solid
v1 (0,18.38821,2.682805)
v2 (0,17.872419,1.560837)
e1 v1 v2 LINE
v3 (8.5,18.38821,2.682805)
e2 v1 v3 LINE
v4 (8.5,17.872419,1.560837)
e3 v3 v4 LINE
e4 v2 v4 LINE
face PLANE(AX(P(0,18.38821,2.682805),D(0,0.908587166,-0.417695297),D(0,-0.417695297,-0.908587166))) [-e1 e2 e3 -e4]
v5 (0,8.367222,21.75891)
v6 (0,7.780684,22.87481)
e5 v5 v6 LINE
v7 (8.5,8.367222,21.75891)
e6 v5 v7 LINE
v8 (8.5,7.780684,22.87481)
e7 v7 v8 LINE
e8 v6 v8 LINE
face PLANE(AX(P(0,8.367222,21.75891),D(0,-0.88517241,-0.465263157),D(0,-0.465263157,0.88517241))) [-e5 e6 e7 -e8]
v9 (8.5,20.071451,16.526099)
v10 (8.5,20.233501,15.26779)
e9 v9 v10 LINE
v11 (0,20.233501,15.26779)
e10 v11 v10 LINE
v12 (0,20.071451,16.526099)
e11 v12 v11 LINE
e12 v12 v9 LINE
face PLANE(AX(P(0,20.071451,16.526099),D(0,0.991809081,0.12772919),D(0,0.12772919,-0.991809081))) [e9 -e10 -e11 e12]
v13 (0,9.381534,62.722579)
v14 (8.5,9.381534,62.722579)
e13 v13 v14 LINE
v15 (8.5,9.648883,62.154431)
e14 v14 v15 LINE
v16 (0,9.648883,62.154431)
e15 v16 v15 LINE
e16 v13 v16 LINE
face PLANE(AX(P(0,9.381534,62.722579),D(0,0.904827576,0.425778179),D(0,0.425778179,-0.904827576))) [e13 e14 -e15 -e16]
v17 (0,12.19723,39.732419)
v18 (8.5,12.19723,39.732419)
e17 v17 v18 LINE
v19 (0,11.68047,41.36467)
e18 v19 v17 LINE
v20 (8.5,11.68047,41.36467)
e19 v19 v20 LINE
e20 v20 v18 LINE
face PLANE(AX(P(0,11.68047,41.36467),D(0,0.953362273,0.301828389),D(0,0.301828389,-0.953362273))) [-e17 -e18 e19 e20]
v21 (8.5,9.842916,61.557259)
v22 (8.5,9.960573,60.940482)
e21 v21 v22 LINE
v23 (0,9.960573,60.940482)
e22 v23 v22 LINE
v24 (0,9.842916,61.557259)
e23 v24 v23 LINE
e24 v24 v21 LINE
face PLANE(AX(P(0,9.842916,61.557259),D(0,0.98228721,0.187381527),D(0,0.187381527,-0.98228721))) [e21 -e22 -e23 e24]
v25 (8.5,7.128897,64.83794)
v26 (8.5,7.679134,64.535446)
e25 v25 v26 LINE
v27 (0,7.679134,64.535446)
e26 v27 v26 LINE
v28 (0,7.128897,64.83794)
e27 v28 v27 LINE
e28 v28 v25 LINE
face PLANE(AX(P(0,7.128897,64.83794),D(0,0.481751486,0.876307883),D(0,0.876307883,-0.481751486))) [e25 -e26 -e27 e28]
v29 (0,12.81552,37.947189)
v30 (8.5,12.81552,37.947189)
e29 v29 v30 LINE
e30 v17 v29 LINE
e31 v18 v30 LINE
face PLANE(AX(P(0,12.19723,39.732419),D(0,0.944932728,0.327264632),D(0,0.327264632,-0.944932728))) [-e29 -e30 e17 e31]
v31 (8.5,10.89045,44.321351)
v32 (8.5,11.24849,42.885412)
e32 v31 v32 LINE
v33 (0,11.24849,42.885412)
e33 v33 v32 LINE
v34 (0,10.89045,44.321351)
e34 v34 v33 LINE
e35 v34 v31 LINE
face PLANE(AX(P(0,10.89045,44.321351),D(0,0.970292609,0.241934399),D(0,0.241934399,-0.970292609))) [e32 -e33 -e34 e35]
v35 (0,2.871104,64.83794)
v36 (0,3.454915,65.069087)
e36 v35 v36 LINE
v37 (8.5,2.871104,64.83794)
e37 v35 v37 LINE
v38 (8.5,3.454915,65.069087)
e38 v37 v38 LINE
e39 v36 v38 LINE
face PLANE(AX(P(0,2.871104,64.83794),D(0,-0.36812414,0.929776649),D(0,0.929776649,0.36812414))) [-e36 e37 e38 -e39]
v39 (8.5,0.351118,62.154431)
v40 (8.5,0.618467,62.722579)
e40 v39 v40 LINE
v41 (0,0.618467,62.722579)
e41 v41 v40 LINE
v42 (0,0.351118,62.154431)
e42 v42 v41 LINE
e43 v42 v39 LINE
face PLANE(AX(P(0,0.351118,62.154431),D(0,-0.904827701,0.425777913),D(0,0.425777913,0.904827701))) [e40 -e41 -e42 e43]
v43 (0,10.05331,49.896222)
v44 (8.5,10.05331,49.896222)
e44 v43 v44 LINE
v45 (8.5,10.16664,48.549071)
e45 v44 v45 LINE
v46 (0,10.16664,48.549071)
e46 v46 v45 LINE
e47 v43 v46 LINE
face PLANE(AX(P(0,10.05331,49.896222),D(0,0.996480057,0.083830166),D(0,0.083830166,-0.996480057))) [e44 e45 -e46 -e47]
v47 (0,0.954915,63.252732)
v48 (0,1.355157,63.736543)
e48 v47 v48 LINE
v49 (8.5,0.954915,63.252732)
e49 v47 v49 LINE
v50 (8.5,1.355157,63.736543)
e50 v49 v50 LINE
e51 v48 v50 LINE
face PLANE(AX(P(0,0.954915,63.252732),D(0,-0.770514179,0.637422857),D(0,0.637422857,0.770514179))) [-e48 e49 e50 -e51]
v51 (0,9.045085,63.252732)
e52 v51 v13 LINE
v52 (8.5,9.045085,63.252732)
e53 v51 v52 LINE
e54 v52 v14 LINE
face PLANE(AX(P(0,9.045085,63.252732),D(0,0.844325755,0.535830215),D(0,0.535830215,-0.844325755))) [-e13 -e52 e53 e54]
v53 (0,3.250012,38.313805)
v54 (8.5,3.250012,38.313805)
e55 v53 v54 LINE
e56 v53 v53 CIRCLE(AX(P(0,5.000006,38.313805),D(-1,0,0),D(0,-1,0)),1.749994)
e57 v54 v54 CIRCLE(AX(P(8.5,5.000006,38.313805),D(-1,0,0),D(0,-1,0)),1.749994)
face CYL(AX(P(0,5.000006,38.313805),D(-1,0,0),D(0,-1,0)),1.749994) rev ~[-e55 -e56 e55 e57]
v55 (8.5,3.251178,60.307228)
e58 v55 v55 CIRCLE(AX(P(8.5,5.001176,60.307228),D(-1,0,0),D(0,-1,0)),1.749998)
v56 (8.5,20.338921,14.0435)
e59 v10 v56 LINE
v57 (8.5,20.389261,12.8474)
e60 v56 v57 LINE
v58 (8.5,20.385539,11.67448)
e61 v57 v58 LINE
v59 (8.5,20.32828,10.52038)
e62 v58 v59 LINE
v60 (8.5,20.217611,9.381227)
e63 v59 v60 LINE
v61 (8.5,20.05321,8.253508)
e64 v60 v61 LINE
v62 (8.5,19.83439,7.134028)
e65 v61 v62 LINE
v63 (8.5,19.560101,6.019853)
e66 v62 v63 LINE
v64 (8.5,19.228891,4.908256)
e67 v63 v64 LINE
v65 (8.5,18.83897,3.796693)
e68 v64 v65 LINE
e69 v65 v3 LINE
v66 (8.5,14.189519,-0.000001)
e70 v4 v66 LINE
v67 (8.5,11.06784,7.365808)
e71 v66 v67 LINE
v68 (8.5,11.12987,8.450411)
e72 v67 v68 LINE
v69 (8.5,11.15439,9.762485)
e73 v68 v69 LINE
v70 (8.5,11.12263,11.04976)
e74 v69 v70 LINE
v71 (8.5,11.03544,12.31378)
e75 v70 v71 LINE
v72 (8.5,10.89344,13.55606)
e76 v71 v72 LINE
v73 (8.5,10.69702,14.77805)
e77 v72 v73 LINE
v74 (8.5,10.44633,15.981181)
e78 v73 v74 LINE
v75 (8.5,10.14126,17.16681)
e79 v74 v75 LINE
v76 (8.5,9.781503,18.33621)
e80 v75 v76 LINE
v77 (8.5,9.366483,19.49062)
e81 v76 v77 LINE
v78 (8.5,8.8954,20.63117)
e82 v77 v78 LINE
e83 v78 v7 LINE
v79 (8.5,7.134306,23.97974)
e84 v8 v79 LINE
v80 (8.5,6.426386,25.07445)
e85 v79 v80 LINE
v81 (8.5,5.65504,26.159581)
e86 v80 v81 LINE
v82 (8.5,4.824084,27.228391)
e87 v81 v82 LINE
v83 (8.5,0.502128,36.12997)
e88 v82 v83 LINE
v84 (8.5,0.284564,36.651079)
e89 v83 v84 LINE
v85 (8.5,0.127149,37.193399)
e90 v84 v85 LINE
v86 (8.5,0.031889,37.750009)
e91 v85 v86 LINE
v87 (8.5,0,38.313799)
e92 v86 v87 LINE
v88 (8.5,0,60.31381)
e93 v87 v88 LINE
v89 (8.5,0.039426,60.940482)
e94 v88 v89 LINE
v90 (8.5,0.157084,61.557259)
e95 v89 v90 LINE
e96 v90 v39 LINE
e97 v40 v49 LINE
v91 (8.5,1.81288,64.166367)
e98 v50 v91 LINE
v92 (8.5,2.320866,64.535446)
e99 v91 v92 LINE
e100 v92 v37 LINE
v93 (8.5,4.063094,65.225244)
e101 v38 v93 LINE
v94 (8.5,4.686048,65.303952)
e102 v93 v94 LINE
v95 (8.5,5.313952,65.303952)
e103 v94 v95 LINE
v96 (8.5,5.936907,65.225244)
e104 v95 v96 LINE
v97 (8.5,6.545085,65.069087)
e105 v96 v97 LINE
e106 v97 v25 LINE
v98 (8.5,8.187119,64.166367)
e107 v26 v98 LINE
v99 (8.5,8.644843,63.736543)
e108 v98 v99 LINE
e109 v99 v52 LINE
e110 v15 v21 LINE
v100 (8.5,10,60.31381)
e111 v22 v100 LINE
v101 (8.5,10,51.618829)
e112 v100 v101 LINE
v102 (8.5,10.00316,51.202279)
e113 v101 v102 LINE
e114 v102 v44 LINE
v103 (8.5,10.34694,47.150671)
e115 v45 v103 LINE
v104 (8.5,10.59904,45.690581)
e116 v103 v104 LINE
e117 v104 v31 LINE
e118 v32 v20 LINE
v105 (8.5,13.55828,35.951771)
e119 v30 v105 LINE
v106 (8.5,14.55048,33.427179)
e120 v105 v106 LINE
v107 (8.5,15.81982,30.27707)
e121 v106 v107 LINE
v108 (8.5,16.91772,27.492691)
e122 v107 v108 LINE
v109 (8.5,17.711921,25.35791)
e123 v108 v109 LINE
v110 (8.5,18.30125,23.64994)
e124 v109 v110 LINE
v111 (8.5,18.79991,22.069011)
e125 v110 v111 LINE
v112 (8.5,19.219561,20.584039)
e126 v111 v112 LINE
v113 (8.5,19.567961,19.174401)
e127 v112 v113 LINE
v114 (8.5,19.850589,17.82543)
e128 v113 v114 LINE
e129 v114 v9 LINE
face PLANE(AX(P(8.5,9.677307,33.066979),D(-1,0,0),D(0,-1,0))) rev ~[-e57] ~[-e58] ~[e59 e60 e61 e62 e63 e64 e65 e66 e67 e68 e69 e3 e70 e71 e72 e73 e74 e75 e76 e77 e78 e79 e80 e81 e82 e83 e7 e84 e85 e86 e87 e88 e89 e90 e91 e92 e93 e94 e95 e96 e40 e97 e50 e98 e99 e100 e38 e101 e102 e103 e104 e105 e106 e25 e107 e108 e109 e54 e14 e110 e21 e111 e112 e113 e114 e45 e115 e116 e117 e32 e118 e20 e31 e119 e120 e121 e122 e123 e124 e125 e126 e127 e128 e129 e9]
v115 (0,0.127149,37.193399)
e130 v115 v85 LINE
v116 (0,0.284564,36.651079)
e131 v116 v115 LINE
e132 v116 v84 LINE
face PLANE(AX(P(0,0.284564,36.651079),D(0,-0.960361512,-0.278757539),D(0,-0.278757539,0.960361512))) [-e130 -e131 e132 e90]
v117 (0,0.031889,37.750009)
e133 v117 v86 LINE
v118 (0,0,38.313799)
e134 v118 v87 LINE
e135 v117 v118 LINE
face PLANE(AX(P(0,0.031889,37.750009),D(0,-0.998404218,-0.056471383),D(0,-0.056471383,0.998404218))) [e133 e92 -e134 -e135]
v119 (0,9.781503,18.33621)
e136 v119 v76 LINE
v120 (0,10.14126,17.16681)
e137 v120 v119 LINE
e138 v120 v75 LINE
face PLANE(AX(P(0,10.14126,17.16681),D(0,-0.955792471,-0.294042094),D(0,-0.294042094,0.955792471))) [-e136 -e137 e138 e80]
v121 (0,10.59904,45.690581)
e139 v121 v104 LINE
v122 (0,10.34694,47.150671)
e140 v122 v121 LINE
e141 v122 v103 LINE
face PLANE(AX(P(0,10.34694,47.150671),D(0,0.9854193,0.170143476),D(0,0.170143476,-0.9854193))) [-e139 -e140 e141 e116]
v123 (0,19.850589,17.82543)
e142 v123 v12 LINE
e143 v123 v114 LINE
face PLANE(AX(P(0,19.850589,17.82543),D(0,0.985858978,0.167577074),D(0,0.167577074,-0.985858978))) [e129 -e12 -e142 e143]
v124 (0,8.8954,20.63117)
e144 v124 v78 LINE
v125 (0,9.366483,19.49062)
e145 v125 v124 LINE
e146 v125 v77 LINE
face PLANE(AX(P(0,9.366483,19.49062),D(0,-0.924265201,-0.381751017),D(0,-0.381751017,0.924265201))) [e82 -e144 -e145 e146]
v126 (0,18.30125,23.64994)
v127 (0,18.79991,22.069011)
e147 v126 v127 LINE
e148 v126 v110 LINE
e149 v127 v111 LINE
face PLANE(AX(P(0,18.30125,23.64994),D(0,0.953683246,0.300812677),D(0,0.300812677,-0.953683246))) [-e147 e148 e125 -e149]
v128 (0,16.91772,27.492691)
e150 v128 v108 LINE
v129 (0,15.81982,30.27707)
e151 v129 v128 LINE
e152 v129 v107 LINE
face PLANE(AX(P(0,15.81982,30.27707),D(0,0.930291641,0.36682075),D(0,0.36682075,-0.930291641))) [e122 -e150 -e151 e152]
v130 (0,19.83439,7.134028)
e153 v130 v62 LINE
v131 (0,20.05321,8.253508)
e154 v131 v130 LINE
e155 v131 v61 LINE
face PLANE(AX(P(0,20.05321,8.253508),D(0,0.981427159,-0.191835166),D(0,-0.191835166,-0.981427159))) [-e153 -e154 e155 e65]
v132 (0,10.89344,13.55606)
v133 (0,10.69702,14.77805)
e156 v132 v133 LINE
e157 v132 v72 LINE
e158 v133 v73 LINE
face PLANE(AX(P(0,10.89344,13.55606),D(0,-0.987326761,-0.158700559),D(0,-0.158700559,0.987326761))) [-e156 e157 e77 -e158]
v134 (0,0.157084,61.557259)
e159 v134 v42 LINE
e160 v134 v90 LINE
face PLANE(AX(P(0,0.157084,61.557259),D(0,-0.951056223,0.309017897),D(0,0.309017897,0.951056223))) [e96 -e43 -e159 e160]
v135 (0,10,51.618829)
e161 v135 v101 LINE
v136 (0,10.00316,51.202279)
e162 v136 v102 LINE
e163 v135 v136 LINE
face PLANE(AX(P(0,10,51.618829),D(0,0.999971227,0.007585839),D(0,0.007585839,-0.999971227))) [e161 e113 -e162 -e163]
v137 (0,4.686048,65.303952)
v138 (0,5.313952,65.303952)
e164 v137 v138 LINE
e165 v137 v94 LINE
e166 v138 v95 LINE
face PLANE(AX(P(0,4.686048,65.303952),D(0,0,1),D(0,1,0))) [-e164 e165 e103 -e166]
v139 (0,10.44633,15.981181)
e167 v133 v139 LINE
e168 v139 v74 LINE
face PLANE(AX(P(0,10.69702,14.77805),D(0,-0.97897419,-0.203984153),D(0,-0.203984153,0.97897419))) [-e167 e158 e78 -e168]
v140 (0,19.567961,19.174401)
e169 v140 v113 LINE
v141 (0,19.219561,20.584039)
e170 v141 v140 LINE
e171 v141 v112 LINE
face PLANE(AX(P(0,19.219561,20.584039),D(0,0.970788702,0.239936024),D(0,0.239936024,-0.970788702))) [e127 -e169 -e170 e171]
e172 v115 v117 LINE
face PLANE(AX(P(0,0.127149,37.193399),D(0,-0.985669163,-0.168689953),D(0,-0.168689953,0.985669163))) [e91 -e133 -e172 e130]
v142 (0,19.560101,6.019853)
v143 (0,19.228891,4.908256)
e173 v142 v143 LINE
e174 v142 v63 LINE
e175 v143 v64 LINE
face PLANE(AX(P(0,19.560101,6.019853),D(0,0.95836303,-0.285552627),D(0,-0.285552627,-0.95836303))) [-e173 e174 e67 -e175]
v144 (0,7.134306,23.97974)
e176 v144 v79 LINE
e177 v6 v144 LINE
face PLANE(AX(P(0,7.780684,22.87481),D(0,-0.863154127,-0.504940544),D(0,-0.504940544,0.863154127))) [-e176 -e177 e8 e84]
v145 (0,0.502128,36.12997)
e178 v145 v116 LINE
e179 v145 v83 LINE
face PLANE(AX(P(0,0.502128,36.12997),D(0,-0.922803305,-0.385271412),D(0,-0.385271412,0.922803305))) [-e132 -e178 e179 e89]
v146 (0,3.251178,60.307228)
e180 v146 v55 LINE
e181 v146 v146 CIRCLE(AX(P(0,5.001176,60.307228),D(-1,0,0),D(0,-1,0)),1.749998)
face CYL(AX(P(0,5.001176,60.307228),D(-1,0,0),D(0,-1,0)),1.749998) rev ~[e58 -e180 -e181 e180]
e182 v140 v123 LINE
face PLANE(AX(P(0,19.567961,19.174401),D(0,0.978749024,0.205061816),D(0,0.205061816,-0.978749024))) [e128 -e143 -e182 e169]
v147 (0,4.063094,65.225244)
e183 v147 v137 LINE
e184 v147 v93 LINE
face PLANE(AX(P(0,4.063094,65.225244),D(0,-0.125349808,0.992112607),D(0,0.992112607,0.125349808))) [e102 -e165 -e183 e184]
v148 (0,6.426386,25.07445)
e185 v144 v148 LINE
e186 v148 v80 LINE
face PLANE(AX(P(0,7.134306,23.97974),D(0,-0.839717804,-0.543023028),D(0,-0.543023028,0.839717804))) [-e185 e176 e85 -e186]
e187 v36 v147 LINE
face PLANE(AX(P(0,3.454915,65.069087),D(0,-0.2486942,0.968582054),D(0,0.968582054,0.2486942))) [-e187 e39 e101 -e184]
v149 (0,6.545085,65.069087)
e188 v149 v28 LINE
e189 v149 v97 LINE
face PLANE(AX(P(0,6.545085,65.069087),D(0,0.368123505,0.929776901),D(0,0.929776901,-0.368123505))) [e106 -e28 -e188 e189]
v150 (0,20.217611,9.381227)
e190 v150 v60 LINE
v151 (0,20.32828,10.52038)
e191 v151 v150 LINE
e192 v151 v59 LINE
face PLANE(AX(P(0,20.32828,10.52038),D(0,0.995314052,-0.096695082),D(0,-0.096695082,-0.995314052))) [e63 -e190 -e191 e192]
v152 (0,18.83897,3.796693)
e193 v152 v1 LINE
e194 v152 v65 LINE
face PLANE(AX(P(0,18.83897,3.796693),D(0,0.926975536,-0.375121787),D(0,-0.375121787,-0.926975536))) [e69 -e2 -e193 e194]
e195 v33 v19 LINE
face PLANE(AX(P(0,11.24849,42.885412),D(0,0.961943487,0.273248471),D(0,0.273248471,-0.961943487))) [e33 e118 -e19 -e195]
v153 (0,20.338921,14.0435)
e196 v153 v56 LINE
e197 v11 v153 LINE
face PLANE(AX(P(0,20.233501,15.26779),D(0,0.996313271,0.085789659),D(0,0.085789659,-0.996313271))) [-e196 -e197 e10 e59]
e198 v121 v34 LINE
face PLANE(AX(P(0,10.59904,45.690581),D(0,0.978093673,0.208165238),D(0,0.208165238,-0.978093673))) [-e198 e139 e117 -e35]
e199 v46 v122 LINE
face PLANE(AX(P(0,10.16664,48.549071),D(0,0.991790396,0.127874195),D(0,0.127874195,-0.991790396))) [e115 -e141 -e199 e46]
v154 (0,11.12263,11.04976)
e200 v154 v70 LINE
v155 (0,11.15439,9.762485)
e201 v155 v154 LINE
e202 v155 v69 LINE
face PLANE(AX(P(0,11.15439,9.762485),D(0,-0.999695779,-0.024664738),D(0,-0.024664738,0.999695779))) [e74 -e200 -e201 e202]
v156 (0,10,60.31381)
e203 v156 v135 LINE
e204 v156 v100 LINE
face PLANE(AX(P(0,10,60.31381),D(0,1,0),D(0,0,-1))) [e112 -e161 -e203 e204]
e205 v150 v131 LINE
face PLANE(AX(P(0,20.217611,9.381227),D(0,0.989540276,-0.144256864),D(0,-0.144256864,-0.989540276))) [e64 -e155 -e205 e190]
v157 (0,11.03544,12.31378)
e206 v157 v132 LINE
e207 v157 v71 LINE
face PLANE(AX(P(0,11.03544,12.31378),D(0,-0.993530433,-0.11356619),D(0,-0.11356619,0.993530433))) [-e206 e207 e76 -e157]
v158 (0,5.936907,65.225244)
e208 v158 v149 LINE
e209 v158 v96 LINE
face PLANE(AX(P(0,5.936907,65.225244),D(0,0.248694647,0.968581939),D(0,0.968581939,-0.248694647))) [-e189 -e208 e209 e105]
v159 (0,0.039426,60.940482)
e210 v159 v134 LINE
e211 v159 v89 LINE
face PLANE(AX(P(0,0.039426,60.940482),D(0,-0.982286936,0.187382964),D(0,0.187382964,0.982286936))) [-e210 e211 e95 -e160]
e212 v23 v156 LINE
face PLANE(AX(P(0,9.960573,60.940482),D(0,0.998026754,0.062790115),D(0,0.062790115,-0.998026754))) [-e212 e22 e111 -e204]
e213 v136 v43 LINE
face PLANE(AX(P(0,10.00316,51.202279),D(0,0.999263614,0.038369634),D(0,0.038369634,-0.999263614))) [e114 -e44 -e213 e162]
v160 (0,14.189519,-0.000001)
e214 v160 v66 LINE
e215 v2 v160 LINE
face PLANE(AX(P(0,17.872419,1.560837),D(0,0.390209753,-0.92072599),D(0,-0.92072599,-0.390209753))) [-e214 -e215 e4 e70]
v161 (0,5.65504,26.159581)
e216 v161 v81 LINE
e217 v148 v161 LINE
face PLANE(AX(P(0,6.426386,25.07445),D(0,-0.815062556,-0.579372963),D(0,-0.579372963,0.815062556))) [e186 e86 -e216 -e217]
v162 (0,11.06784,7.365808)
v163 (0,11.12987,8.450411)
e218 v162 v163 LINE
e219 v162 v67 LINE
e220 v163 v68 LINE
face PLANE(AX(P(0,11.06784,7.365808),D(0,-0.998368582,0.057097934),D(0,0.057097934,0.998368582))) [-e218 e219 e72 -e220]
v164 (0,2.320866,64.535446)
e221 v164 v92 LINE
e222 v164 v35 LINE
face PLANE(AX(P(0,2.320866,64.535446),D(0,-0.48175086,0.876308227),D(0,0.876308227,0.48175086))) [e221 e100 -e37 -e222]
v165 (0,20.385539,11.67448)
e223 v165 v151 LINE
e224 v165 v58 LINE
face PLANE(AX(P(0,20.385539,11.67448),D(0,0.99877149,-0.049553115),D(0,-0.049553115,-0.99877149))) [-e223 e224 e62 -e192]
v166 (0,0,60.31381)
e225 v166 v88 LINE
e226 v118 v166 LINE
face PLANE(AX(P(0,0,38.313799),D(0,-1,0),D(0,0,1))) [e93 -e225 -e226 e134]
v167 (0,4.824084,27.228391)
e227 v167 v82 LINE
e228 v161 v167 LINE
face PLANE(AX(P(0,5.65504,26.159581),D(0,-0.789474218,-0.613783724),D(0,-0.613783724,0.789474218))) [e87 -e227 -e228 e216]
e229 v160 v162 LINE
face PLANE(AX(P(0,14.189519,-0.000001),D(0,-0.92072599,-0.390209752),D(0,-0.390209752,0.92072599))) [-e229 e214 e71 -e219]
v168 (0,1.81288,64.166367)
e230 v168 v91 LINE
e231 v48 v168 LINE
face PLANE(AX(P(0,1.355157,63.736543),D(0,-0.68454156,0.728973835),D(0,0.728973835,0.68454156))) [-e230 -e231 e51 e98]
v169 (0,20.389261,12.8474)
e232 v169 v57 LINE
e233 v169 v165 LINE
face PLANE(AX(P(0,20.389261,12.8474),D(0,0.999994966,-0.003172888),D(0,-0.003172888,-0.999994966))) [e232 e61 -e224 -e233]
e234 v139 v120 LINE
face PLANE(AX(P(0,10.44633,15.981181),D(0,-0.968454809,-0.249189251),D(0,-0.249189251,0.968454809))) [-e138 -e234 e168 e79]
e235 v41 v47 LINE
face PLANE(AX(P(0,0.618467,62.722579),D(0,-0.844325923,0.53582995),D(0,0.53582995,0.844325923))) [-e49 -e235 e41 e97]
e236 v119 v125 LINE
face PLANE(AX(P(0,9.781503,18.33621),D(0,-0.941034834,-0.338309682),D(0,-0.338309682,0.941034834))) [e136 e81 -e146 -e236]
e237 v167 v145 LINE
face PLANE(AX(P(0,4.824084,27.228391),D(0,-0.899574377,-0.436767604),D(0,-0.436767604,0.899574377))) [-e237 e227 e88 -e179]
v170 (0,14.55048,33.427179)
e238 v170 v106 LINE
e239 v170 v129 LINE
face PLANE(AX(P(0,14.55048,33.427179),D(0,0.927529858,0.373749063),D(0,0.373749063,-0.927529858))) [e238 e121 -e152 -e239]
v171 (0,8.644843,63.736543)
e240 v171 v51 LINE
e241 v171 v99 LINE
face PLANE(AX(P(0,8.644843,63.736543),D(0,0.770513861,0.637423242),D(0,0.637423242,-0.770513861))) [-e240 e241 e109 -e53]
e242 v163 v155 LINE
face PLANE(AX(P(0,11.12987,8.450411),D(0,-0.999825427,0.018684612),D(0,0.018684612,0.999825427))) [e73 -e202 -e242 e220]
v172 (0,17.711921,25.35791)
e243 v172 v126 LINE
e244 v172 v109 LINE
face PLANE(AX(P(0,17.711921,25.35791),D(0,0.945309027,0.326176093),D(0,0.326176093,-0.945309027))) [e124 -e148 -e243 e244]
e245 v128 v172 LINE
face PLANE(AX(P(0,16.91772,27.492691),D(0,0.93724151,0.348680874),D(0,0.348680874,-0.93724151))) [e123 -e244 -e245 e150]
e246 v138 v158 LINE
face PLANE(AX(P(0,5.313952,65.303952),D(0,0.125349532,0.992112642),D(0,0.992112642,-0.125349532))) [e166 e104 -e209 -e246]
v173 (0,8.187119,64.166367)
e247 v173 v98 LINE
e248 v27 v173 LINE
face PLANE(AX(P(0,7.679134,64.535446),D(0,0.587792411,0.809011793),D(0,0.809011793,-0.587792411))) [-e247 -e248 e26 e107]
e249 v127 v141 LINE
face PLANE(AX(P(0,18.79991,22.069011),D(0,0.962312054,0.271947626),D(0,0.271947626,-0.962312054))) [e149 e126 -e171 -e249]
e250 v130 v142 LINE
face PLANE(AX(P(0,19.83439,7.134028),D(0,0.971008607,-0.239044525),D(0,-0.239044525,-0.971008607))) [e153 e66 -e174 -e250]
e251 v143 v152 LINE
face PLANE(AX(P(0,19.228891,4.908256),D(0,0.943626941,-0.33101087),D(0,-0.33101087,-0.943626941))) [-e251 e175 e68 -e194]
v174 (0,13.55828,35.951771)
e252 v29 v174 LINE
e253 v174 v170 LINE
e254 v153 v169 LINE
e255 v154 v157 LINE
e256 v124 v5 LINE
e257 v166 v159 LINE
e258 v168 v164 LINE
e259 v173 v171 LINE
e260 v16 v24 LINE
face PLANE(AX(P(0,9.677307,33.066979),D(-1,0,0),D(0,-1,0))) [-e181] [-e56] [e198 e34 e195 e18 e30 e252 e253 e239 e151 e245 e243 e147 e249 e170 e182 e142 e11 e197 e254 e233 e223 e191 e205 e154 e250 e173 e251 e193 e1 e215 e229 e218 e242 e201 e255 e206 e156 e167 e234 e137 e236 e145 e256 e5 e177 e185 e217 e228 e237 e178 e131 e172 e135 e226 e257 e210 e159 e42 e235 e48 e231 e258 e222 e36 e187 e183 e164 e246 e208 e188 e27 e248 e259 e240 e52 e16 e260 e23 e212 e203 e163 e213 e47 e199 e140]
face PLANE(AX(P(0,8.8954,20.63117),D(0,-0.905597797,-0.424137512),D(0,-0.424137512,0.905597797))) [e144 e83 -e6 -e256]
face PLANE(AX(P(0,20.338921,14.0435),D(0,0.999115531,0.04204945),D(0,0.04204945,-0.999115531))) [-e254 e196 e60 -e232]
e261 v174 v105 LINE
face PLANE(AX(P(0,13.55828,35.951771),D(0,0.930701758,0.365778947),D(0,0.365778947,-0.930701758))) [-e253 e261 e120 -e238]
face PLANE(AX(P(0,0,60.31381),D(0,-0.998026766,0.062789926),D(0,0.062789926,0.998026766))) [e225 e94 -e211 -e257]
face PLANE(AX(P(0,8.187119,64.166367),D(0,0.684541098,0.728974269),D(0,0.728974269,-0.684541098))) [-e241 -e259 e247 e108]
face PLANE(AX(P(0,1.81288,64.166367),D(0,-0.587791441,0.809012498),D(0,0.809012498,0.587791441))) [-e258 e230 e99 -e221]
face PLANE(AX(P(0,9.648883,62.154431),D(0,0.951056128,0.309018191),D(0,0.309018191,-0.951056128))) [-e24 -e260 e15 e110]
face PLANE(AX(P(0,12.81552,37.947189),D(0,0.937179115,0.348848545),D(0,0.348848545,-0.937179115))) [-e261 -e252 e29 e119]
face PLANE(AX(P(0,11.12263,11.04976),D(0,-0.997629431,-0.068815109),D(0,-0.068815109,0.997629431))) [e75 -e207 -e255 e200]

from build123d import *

# Parameters (mm, degrees)
SKETCH1_R           = 1.749997696
SKETCH1_R_2         = 1.749993894
BOSS_EXTRUDE1_DEPTH = 8.500000462


with BuildPart() as part:
    # Sketch1 → Boss-Extrude1 (new body)
    with BuildSketch(Plane(origin=(0, 0, 0), x_dir=(0, -1, 0), z_dir=(-1, 0, 0))):
        Polygon((-0.127148596, 37.193398923), (-0.031888841, 37.750009447), (0, 38.313798606), (0, 60.313809663), (-0.03942649, 60.940481722), (-0.1570842, 61.557259411), (-0.351117604, 62.154430896), (-0.618466584, 62.722578645), (-0.954915013, 63.252732158), (-1.355157001, 63.736543059), (-1.812880044, 64.166367054), (-2.3208661, 64.535446465), (-2.87110405, 64.837940037), (-3.454915015, 65.06908685), (-4.063094035, 65.225243568), (-4.686047789, 65.303951502), (-5.313951988, 65.303951502), (-5.936907139, 65.225243568), (-6.545084994, 65.06908685), (-7.128897123, 64.837940037), (-7.679134142, 64.535446465), (-8.187118918, 64.166367054), (-8.644842543, 63.736543059), (-9.045084938, 63.252732158), (-9.3815336, 62.722578645), (-9.648882784, 62.154430896), (-9.842916392, 61.557259411), (-9.960573167, 60.940481722), (-9.999999776, 60.313809663), (-9.999999776, 51.61882937), (-10.003159754, 51.202278584), (-10.053309612, 49.896221608), (-10.166640393, 48.549070954), (-10.346939787, 47.150671482), (-10.599040426, 45.690581203), (-10.890450329, 44.321350753), (-11.248489842, 42.885411531), (-11.680469848, 41.3646698), (-12.197230011, 39.732418954), (-12.815520167, 37.947189063), (-13.558279723, 35.951770842), (-14.55048006, 33.42717886), (-15.819819644, 30.277069658), (-16.917720437, 27.492690831), (-17.711920664, 25.357909501), (-18.301250413, 23.649940267), (-18.799910322, 22.069010884), (-19.219560549, 20.58403939), (-19.567960873, 19.174400717), (-19.850589335, 17.825430259), (-20.071450621, 16.526099294), (-20.233500749, 15.267790295), (-20.338920876, 14.043499716), (-20.389260724, 12.84740027), (-20.385539159, 11.674479581), (-20.328279585, 10.52037999), (-20.217610523, 9.381227195), (-20.053209737, 8.253508247), (-19.83438991, 7.134027779), (-19.560100511, 6.019853055), (-19.228890538, 4.908256233), (-18.838969991, 3.796692938), (-18.388209864, 2.682805061), (-17.872419208, 1.56083703), (-14.189518528, -5.9e-07), (-11.067840271, 7.365807891), (-11.129870079, 8.45041126), (-11.15438994, 9.76248458), (-11.122629978, 11.049759574), (-11.035439558, 12.313780375), (-10.893439874, 13.556060381), (-10.697020218, 14.778049663), (-10.446329601, 15.981180593), (-10.141259991, 17.16681011), (-9.781503119, 18.3362104), (-9.366483428, 19.490620121), (-8.89539998, 20.6311699), (-8.367221802, 21.758910269), (-7.780684158, 22.874809802), (-7.134305779, 23.979740217), (-6.42638607, 25.074450299), (-5.655040033, 26.159580797), (-4.82408423, 27.228390798), (-0.502127572, 36.129970104), (-0.284564187, 36.651078612), align=None)
        with Locations((-5.001175624, 60.307227597)):
            Circle(SKETCH1_R, mode=Mode.SUBTRACT)
        with Locations((-5.000006282, 38.313804534)):
            Circle(SKETCH1_R_2, mode=Mode.SUBTRACT)
    extrude(amount=-BOSS_EXTRUDE1_DEPTH)


solid = part.part
